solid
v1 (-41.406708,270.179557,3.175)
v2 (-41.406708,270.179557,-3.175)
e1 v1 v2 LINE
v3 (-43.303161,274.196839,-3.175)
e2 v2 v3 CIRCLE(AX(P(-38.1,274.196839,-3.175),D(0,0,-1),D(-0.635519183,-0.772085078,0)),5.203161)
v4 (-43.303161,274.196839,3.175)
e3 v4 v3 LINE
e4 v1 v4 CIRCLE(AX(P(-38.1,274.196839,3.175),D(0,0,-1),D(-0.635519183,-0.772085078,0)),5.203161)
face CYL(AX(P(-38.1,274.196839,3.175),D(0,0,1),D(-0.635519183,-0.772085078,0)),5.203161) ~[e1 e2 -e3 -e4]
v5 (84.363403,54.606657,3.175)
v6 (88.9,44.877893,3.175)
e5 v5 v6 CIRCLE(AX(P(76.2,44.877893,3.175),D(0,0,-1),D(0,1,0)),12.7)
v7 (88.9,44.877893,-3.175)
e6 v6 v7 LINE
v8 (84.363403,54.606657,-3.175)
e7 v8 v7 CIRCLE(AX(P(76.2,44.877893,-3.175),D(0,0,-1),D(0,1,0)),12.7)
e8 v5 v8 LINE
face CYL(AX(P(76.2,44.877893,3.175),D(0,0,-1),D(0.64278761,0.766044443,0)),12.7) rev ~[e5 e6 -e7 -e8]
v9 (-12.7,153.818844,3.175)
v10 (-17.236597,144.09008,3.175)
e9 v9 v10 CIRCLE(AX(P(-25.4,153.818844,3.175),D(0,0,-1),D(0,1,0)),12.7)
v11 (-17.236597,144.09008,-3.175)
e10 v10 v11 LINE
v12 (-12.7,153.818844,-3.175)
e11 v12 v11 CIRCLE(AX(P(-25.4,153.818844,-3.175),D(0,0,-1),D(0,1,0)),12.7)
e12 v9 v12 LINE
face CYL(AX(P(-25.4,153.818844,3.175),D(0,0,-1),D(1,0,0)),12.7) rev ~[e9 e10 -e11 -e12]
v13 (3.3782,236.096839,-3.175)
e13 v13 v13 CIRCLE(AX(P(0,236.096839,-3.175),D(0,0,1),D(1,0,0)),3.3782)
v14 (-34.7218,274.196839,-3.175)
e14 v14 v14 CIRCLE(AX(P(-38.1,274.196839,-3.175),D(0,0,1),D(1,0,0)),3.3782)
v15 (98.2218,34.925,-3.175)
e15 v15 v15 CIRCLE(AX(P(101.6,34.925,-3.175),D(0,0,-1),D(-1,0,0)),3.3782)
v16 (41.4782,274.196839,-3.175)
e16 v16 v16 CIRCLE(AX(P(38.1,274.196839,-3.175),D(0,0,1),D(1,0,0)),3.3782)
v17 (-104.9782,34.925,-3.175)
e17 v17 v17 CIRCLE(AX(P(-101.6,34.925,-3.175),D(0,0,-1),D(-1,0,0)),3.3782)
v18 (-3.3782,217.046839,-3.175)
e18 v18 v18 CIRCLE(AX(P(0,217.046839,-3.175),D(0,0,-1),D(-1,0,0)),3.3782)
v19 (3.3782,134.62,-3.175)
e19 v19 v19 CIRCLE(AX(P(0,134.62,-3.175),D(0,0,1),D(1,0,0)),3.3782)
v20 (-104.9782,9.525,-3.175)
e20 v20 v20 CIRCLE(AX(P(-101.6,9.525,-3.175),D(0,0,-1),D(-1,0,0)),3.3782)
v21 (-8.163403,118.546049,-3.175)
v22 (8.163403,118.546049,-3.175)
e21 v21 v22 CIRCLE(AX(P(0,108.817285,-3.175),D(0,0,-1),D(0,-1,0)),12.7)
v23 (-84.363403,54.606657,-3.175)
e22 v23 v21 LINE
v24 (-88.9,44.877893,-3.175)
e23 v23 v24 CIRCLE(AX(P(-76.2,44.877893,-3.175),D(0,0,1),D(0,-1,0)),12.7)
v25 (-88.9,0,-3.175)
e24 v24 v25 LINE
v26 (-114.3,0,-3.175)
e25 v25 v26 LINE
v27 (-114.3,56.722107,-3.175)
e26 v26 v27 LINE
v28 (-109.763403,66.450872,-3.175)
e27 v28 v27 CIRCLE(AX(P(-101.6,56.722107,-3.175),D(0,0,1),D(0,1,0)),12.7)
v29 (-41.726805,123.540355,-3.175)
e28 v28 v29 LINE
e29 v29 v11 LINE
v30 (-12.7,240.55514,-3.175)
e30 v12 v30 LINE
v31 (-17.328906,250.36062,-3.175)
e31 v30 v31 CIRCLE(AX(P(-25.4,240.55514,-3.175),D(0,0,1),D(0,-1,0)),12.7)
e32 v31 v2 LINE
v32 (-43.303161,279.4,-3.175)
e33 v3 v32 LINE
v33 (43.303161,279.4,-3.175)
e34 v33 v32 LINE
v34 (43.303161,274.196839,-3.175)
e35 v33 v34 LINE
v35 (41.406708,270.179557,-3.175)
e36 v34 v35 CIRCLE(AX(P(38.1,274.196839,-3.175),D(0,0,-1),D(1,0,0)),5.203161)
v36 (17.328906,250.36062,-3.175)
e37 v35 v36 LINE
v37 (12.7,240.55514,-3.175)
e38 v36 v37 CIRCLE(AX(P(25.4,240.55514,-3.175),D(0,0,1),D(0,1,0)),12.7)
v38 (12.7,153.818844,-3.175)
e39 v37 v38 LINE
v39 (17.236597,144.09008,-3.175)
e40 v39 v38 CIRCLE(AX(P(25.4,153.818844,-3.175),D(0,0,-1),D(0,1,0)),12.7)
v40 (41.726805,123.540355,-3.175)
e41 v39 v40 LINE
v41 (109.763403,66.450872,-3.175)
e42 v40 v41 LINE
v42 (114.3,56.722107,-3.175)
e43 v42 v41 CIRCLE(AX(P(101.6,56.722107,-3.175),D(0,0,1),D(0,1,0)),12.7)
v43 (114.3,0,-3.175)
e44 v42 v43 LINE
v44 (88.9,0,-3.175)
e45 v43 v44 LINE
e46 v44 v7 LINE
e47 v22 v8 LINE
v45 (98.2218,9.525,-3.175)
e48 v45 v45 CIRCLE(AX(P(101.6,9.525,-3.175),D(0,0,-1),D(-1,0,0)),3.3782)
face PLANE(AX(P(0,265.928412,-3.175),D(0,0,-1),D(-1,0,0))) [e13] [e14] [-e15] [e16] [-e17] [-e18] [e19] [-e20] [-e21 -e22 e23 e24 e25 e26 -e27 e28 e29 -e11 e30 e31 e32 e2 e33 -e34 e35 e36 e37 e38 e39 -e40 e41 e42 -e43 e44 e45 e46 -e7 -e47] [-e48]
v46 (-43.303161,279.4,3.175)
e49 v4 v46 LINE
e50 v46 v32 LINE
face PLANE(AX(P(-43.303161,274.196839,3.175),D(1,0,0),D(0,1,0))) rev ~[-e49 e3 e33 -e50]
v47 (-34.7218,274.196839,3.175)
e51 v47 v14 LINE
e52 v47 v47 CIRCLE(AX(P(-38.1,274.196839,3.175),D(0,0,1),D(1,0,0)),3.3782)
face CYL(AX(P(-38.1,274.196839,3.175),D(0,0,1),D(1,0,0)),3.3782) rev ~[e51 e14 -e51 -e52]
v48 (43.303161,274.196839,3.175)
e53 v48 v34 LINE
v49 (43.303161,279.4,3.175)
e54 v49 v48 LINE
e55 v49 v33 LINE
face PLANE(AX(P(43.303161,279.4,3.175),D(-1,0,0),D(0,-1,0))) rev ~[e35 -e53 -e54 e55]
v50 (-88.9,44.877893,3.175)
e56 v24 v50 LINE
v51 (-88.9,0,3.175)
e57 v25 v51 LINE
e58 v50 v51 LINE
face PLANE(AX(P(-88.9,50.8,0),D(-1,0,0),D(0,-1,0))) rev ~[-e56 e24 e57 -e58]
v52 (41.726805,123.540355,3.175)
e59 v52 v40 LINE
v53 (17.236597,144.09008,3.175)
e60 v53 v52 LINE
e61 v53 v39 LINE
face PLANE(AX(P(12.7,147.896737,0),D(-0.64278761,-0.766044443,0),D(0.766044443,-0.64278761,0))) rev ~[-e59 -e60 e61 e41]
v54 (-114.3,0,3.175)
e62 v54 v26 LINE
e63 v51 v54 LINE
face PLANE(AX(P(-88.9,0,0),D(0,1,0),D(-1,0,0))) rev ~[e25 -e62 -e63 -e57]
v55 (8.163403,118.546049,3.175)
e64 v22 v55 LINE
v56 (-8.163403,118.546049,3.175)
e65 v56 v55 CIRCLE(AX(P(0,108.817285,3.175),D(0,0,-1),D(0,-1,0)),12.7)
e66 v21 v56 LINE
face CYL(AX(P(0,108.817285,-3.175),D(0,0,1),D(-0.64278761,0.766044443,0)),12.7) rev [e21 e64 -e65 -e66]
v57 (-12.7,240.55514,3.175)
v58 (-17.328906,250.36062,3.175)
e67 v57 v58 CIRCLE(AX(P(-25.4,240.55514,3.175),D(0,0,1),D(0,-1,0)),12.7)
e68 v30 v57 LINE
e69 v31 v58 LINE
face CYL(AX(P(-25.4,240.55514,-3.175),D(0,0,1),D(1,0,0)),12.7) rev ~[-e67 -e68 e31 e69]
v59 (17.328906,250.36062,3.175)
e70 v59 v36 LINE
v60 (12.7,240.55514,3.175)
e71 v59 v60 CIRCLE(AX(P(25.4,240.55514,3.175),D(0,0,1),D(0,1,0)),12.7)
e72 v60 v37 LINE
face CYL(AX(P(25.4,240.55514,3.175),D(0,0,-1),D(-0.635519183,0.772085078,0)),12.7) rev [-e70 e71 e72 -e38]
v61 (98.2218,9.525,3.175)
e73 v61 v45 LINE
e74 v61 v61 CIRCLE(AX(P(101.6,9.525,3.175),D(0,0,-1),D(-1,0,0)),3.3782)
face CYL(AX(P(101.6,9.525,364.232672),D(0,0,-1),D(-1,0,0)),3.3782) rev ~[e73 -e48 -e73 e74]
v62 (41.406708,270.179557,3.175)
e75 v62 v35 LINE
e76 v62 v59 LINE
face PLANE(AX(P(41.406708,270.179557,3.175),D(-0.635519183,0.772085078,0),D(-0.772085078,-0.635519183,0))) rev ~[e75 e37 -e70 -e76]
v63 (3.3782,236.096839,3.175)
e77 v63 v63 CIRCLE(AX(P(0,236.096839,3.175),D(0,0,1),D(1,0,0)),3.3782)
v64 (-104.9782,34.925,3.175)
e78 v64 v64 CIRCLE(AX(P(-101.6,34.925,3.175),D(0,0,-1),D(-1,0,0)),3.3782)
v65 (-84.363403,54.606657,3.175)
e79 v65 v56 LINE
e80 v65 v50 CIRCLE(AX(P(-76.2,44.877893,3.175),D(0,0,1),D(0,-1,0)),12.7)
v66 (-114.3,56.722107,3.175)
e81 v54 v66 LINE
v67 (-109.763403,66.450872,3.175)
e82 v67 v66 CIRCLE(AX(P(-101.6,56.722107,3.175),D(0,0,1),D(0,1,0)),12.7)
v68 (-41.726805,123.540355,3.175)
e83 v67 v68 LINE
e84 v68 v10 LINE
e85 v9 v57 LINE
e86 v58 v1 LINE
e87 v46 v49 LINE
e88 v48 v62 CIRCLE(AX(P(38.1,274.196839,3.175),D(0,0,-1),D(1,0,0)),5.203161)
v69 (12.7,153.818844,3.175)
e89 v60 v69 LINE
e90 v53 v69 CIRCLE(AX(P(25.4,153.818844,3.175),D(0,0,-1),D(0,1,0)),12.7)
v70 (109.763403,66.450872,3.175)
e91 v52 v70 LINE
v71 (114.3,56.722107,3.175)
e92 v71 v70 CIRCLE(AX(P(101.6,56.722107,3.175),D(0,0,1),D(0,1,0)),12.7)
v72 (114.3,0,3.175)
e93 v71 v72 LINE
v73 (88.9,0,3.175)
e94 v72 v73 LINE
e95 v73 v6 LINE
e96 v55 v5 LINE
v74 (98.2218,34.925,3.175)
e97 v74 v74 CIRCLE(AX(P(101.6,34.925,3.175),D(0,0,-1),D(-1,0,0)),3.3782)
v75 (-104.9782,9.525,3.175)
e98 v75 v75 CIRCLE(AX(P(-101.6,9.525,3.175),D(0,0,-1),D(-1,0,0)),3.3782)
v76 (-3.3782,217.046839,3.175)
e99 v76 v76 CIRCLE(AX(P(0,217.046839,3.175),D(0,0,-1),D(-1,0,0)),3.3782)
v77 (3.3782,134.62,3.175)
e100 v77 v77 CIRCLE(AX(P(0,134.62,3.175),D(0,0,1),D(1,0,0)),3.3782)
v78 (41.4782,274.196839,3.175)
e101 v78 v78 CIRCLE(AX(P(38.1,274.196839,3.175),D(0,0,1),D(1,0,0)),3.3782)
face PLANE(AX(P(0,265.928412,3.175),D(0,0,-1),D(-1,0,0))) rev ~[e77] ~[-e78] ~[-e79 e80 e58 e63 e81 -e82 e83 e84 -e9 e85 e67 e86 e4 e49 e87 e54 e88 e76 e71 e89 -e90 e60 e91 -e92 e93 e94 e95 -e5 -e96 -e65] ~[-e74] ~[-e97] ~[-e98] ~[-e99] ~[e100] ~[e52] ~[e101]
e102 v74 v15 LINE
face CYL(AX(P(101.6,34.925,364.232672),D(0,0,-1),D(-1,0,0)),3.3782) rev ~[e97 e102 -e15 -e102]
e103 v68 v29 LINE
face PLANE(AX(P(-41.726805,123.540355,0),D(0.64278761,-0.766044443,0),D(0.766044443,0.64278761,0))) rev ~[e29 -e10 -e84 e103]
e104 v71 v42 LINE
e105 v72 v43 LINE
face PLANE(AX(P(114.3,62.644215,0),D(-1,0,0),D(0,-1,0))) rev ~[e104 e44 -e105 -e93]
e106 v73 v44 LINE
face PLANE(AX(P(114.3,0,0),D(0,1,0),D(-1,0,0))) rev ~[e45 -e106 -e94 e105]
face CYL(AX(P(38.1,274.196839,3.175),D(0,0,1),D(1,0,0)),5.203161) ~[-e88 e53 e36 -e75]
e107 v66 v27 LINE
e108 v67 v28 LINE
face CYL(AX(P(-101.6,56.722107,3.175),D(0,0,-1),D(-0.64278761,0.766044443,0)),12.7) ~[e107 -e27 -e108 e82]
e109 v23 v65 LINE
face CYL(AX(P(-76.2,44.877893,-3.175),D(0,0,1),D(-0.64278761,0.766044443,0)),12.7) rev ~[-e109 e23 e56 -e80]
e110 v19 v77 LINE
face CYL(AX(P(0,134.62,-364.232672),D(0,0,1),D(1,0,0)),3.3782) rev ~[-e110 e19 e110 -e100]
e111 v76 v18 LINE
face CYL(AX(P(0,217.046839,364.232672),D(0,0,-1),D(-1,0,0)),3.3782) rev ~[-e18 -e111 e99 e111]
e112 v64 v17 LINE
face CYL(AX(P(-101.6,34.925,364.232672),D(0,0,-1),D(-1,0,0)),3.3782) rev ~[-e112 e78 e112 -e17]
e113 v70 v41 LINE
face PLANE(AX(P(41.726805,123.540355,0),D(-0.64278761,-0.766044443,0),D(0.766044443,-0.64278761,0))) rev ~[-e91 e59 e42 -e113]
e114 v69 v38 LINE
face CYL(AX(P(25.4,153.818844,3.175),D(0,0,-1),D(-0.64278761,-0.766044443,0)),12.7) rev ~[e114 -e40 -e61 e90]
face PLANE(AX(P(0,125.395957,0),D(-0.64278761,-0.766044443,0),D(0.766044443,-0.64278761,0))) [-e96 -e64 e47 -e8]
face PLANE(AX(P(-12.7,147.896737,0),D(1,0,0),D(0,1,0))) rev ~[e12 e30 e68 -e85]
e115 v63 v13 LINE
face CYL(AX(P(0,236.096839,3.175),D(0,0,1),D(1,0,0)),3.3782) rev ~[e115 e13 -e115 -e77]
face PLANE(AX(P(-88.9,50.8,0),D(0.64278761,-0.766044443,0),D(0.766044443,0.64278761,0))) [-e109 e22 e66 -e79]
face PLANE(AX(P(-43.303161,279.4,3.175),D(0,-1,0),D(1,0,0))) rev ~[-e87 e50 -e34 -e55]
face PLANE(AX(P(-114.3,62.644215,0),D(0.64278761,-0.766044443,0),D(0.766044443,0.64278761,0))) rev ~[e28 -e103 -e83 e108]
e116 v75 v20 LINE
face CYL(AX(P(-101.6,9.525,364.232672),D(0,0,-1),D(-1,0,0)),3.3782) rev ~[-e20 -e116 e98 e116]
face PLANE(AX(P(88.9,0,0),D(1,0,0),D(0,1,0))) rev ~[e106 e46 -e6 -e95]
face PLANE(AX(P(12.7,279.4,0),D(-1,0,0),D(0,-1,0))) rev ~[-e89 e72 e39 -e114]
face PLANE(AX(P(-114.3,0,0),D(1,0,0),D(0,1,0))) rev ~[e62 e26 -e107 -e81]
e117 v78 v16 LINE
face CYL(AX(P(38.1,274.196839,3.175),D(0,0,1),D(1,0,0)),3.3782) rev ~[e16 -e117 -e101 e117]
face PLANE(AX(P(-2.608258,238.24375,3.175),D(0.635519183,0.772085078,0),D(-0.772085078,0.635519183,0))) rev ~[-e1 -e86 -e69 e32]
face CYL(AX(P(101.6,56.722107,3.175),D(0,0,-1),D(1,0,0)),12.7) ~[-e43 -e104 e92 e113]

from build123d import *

# Parameters (mm, degrees)
BOSS_EXTRUDE1_DEPTH     = 3.175
FILLET1_R               = 12.7
F_1_4_CLEARANCE_HOLE1_D = 6.7564
F_1_4_CLEARANCE_HOLE3_D = 6.7564
F_1_4_CLEARANCE_HOLE4_D = 6.7564
SKETCH11_R              = 3.3782
BOSS_EXTRUDE2_DEPTH     = 6.35
FILLET2_R               = 12.7
SKETCH12_R              = 3.3782
CUT_EXTRUDE1_DEPTH      = 302.94233307


with BuildPart() as part:
    # Sketch1 → Boss-Extrude1 (new, symmetric)
    with BuildSketch(Plane.XY):
        Polygon((-88.9, 0), (-114.3, 0), (-114.3, 62.644214517), (-41.726805286, 123.540355435), (-12.7, 147.896737045), (-12.7, 279.4), (12.7, 279.4), (12.7, 147.896737045), (41.726805286, 123.540355435), (114.3, 62.644214517), (114.3, 0), (88.9, 0), (88.9, 50.8), (25.4, 104.08282658), (0, 125.395957212), (-25.4, 104.08282658), (-88.9, 50.8), align=None)
    extrude(amount=BOSS_EXTRUDE1_DEPTH, both=True)

    # Fillet1
    fillet1_edges = [part.edges().sort_by_distance(p)[0] for p in [
        (-114.3, 62.644214517, 0),
        (-12.7, 147.896737045, 0),
        (12.7, 147.896737045, 0),
        (114.3, 62.644214517, 0),
        (88.9, 50.8, 0),
        (0, 125.395957212, 0),
        (-88.9, 50.8, 0),
    ]]
    fillet(fillet1_edges, radius=FILLET1_R)

    # 1/4 Clearance Hole1 (through all)
    with Locations(Plane.XY.offset(3.175)):
        with Locations((101.6, 34.925), (-101.6, 9.525), (-101.6, 34.925), (101.6, 9.525)):
            Hole(F_1_4_CLEARANCE_HOLE1_D / 2)

    # 1/4 Clearance Hole3 (through all)
    with Locations(Plane(origin=(0, 0, -3.175), x_dir=(-1, 0, 0), z_dir=(0, 0, -1))):
        with Locations((0, 134.62)):
            Hole(F_1_4_CLEARANCE_HOLE3_D / 2)

    # 1/4 Clearance Hole4 (through all)
    with Locations(Plane.XY.offset(3.175)):
        with Locations((0, 217.046839415)):
            Hole(F_1_4_CLEARANCE_HOLE4_D / 2)

    # Sketch11 → Boss-Extrude2 (add)
    with BuildSketch(Plane.XY.offset(3.175)):
        with BuildLine():
            Line((-43.303160585, 279.4), (43.303160585, 279.4))
            Line((43.303160585, 279.4), (43.303160585, 274.196839415))
            ThreePointArc((43.303160585, 274.196839415), (42.805221287, 271.975629672), (41.406708366, 270.179556768))
            Line((41.406708366, 270.179556768), (2.60825781, 238.24375032))
            ThreePointArc((2.60825781, 238.24375032), (0, 239.475039415), (-2.60825781, 238.24375032))
            Line((-2.60825781, 238.24375032), (-41.406708366, 270.179556768))
            ThreePointArc((-41.406708366, 270.179556768), (-42.805221287, 271.975629672), (-43.303160585, 274.196839415))
            Line((-43.303160585, 274.196839415), (-43.303160585, 279.4))
        make_face()
        with Locations((-38.1, 274.196839415)):
            Circle(SKETCH11_R, mode=Mode.SUBTRACT)
        with Locations((38.1, 274.196839415)):
            Circle(SKETCH11_R, mode=Mode.SUBTRACT)
    extrude(amount=-BOSS_EXTRUDE2_DEPTH)

    # Fillet2
    fillet2_edges = [part.edges().sort_by_distance(p)[0] for p in [
        (12.7, 246.550471869, 0),
        (-12.7, 246.550471869, 0),
    ]]
    fillet(fillet2_edges, radius=FILLET2_R)

    # Sketch12 → Cut-Extrude1 (cut, through all)
    with BuildSketch(Plane.XY.offset(3.175)):
        with Locations((0, 236.096839415)):
            Circle(SKETCH12_R)
    extrude(amount=-CUT_EXTRUDE1_DEPTH, mode=Mode.SUBTRACT)


solid = part.part
